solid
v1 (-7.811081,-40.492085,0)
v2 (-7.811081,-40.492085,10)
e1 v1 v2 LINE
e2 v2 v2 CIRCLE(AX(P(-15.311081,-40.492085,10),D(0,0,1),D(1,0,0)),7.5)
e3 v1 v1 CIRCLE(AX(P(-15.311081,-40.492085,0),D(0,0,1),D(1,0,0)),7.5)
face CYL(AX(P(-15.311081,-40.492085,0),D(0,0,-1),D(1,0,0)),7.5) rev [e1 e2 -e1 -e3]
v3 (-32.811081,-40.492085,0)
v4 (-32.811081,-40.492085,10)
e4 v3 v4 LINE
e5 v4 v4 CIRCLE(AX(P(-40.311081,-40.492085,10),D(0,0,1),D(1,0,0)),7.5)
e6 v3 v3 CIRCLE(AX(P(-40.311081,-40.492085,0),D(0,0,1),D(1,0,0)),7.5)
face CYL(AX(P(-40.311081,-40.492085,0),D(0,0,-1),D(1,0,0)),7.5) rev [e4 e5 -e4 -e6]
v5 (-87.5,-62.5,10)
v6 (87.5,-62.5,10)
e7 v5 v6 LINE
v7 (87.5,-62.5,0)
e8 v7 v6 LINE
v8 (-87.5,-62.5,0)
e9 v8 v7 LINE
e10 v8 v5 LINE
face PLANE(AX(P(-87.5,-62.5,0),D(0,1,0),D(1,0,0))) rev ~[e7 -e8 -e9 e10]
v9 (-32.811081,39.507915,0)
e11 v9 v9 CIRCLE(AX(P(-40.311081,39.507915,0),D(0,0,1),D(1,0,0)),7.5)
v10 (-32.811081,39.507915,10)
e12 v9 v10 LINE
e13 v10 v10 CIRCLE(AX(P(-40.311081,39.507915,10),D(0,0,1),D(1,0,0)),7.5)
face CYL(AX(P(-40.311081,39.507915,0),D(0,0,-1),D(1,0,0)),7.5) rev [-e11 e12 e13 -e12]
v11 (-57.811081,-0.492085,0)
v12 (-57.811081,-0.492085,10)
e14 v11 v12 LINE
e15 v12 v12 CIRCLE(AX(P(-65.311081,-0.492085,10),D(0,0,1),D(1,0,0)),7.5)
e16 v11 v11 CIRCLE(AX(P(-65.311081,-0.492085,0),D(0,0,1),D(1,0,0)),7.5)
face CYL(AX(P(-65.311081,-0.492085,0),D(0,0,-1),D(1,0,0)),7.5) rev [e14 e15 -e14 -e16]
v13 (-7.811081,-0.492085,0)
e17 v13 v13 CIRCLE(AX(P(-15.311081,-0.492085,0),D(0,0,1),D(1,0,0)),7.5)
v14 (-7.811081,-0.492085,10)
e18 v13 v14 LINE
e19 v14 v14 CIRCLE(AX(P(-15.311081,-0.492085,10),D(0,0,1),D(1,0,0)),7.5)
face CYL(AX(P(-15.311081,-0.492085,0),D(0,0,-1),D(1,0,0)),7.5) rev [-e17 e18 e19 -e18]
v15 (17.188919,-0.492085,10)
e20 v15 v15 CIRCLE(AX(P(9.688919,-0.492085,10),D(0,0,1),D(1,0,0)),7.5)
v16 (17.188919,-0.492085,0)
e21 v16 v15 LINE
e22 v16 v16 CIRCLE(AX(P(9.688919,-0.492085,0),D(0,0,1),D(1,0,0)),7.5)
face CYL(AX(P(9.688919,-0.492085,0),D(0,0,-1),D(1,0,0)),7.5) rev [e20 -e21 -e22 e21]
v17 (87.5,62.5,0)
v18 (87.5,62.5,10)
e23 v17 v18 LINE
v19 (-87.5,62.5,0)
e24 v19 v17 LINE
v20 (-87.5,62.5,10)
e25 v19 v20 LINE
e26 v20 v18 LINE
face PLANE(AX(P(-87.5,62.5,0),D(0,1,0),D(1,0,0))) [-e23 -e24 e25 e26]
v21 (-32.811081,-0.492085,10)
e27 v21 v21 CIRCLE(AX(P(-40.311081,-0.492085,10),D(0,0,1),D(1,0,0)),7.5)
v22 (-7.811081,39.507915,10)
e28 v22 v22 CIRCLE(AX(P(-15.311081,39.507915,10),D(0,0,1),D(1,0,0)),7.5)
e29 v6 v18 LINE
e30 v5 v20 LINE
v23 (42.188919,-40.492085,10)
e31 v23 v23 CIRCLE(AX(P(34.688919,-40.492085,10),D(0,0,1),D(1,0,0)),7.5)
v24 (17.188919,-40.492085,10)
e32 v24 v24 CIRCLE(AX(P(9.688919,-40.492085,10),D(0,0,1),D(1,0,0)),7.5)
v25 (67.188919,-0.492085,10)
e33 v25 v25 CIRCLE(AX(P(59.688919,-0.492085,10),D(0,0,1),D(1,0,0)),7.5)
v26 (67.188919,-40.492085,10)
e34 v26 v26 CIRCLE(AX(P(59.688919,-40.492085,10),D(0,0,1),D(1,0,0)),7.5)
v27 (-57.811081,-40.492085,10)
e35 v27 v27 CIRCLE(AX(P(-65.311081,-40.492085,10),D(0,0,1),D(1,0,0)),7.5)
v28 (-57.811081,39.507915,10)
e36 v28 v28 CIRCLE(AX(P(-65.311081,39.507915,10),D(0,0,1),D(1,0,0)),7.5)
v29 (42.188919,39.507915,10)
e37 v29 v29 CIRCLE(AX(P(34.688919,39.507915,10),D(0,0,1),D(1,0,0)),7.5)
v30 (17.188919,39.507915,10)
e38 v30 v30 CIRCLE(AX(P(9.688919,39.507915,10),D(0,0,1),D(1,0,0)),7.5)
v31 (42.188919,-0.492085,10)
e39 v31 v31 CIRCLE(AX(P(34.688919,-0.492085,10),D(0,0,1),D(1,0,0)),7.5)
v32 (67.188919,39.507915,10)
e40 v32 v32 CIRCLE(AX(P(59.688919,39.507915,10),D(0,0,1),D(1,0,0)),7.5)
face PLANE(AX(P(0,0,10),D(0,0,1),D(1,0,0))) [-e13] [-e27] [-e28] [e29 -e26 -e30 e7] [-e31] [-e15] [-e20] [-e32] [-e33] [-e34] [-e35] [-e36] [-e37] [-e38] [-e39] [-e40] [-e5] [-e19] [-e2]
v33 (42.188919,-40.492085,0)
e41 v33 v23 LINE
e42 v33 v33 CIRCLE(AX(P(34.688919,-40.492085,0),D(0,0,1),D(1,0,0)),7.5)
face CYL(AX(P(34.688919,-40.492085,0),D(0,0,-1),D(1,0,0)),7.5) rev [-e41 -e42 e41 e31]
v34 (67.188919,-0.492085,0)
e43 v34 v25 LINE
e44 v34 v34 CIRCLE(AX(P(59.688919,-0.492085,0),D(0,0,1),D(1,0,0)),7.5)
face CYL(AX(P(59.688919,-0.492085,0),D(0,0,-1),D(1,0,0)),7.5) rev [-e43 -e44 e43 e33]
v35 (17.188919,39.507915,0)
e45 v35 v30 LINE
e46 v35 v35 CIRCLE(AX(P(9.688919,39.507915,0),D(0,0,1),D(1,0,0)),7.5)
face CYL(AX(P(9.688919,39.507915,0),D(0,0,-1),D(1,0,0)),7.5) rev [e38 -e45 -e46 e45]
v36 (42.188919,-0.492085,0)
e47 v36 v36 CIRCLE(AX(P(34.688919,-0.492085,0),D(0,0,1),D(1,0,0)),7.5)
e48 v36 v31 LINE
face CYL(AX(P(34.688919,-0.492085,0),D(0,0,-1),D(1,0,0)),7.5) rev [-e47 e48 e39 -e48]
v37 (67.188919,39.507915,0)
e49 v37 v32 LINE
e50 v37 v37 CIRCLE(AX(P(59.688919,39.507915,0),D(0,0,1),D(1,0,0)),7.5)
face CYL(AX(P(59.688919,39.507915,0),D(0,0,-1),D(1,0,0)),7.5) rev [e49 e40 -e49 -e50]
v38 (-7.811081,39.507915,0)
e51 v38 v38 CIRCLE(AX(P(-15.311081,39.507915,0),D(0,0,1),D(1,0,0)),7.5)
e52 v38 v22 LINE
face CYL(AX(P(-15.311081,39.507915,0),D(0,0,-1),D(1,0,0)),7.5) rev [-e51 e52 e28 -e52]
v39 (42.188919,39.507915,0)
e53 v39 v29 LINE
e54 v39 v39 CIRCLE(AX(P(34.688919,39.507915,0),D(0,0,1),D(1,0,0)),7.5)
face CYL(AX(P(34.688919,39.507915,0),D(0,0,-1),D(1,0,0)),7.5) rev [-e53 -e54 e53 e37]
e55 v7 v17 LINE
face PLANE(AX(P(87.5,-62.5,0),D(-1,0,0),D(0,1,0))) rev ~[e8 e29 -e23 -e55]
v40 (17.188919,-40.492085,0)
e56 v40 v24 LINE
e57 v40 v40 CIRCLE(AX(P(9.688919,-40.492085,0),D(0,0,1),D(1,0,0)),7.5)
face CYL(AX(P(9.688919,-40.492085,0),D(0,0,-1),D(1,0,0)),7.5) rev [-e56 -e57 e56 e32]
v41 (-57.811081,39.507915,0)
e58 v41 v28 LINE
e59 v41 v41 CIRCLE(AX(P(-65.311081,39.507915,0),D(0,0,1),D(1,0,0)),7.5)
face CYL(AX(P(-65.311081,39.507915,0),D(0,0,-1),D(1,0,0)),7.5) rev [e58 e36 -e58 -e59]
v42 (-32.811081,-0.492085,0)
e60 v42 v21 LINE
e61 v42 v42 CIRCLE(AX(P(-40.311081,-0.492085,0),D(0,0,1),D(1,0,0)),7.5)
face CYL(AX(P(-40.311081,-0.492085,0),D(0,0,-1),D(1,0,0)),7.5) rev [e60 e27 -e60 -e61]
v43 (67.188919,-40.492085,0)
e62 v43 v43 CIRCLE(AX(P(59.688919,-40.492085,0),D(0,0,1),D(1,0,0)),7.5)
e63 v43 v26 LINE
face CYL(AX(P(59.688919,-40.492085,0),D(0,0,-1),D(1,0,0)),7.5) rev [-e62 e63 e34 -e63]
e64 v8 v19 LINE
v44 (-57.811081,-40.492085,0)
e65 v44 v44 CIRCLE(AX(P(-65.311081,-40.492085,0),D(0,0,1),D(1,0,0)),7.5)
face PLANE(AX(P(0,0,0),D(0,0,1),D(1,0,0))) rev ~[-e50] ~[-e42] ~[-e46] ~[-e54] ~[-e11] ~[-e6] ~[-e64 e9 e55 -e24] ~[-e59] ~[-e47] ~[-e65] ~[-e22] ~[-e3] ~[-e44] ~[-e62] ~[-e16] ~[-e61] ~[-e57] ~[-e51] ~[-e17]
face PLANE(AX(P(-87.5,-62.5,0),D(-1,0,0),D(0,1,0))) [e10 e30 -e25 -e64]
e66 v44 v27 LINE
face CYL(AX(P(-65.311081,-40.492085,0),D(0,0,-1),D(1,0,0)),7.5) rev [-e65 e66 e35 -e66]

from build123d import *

# Parameters (mm, degrees)
F0_W     = 175
F0_H     = 125
F0_R     = 7.5
F1_DEPTH = 10


with BuildPart() as f1:
    # F0 (on Top) → F1 (new body)
    with BuildSketch(Plane.XY):
        Rectangle(F0_W, F0_H)
        with Locations((-65.311081, -40.492085)):
            Circle(F0_R, mode=Mode.SUBTRACT)
        with Locations((-40.311081, -40.492085)):
            Circle(F0_R, mode=Mode.SUBTRACT)
        with Locations((-15.311081, -40.492085)):
            Circle(F0_R, mode=Mode.SUBTRACT)
        with Locations((-65.311081, -0.492085)):
            Circle(F0_R, mode=Mode.SUBTRACT)
        with Locations((-40.311081, -0.492085)):
            Circle(F0_R, mode=Mode.SUBTRACT)
        with Locations((-15.311081, -0.492085)):
            Circle(F0_R, mode=Mode.SUBTRACT)
        with Locations((9.688919, -40.492085)):
            Circle(F0_R, mode=Mode.SUBTRACT)
        with Locations((34.688919, -40.492085)):
            Circle(F0_R, mode=Mode.SUBTRACT)
        with Locations((59.688919, -40.492085)):
            Circle(F0_R, mode=Mode.SUBTRACT)
        with Locations((9.688919, -0.492085)):
            Circle(F0_R, mode=Mode.SUBTRACT)
        with Locations((34.688919, -0.492085)):
            Circle(F0_R, mode=Mode.SUBTRACT)
        with Locations((59.688919, -0.492085)):
            Circle(F0_R, mode=Mode.SUBTRACT)
        with Locations((-65.311081, 39.507915)):
            Circle(F0_R, mode=Mode.SUBTRACT)
        with Locations((-40.311081, 39.507915)):
            Circle(F0_R, mode=Mode.SUBTRACT)
        with Locations((-15.311081, 39.507915)):
            Circle(F0_R, mode=Mode.SUBTRACT)
        with Locations((9.688919, 39.507915)):
            Circle(F0_R, mode=Mode.SUBTRACT)
        with Locations((34.688919, 39.507915)):
            Circle(F0_R, mode=Mode.SUBTRACT)
        with Locations((59.688919, 39.507915)):
            Circle(F0_R, mode=Mode.SUBTRACT)
    extrude(amount=F1_DEPTH)


solid = f1.part
